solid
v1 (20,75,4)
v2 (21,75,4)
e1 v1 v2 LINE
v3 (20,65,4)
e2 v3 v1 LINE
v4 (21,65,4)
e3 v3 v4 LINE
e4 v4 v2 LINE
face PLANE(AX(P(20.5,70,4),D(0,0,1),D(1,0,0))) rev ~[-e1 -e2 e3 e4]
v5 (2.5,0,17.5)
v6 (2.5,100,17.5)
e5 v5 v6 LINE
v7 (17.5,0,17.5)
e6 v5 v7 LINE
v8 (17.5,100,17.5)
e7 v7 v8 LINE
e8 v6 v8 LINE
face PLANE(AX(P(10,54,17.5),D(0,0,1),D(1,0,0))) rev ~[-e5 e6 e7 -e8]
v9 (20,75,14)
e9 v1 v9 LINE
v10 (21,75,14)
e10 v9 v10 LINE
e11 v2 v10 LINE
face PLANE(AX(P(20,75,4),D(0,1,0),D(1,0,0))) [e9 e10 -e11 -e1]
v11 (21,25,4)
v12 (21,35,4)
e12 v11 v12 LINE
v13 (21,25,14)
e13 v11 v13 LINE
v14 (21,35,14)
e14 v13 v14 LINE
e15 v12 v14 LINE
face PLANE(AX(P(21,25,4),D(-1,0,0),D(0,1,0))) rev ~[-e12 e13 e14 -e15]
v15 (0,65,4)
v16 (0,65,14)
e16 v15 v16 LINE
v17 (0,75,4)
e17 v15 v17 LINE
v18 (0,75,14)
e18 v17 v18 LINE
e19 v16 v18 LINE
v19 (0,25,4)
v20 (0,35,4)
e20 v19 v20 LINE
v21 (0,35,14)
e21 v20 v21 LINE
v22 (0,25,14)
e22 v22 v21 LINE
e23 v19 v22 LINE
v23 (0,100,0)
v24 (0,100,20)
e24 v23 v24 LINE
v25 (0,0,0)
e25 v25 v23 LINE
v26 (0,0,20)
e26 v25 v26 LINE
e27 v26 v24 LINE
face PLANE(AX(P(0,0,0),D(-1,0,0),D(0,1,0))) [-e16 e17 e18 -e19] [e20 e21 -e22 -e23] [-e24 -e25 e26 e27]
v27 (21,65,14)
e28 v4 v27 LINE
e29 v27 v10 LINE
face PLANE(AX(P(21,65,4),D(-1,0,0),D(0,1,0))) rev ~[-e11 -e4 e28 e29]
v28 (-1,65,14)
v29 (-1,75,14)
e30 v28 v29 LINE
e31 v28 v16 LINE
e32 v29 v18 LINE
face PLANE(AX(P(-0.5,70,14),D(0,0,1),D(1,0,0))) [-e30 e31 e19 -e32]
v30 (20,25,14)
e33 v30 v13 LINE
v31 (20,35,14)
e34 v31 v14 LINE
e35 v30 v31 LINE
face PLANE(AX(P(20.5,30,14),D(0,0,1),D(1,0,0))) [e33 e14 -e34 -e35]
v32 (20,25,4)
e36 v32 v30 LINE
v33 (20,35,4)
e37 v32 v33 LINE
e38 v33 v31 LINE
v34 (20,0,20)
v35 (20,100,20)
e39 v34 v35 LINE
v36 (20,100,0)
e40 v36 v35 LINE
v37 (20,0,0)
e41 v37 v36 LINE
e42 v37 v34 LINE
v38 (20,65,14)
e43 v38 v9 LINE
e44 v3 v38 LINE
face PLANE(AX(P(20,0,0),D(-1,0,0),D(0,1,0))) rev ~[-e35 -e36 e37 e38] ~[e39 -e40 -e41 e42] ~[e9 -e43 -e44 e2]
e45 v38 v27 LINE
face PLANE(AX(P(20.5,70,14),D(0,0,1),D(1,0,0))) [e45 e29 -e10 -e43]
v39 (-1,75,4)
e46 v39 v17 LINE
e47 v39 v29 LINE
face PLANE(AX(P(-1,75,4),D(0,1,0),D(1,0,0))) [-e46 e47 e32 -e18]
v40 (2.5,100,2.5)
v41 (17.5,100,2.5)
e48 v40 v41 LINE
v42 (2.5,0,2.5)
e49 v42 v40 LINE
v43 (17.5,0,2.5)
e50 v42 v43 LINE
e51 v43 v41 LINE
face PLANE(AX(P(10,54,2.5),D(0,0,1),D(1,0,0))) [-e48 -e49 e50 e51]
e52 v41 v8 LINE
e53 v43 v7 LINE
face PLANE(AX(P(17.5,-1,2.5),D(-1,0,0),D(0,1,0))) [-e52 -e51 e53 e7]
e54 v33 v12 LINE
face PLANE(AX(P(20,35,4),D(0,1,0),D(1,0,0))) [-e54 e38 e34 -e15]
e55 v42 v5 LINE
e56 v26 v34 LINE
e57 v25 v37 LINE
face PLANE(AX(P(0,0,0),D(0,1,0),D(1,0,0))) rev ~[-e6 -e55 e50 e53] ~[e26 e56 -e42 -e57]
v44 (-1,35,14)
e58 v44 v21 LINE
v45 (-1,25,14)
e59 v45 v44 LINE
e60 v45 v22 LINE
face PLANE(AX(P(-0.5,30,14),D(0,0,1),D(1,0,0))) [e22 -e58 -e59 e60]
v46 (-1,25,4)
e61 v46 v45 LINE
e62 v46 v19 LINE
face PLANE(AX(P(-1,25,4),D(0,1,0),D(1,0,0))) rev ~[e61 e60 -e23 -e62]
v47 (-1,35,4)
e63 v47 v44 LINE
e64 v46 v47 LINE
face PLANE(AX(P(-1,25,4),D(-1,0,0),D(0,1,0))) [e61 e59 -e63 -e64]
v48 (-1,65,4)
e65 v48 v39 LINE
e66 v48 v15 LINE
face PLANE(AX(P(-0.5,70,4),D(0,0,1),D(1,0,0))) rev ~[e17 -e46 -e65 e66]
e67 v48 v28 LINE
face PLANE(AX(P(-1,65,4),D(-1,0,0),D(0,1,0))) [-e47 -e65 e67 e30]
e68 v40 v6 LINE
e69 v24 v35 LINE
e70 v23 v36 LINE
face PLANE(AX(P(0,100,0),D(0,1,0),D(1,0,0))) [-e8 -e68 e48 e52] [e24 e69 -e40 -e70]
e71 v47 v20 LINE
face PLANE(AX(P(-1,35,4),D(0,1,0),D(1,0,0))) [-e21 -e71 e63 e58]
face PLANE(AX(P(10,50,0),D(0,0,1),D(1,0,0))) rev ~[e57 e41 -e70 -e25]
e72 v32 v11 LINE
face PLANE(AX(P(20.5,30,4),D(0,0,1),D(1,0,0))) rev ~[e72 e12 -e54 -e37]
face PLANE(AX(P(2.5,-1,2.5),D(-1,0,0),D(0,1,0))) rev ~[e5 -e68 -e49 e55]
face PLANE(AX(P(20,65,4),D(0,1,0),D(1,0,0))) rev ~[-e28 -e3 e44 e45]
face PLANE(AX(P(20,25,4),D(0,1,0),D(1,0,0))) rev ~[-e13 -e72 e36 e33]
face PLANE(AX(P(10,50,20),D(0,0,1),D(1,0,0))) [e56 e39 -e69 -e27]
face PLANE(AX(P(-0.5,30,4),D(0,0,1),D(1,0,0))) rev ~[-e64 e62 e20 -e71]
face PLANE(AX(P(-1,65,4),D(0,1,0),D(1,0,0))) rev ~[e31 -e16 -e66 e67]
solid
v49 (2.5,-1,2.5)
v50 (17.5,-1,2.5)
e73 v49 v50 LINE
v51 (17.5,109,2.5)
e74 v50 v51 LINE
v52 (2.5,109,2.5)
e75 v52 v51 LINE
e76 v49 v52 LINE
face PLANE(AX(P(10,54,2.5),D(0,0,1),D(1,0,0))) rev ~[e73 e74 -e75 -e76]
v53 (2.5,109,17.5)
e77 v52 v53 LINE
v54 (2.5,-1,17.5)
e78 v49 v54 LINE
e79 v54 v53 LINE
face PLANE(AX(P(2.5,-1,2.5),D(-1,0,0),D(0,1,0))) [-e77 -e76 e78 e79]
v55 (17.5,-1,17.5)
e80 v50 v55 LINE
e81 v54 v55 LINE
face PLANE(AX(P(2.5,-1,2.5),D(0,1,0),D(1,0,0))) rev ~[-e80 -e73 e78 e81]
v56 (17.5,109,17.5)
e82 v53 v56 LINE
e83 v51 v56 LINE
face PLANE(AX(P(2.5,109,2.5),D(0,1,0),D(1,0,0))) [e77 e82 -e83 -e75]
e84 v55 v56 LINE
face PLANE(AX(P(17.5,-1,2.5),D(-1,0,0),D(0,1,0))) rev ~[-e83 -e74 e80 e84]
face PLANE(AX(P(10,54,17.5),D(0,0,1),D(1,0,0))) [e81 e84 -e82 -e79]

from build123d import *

# Parameters (mm, degrees)
BOX002_W     = 1
BOX002_H     = 10
BOX002_DEPTH = 10
BOX003_W     = 1
BOX003_H     = 10
BOX003_DEPTH = 10
BOX004_W     = 1
BOX004_H     = 10
BOX004_DEPTH = 10
BOX005_W     = 1
BOX005_H     = 10
BOX005_DEPTH = 10
BOX001_W     = 15
BOX001_H     = 110
BOX001_DEPTH = 15
BOX_W        = 20
BOX_H        = 100
BOX_DEPTH    = 20
BOX006_W     = 15
BOX006_H     = 110
BOX006_DEPTH = 15


with BuildPart() as cube002:
    # Box002 → Box002 (new body)
    with BuildSketch(Plane(origin=(20, 25, 4), x_dir=(1, 0, 0), z_dir=(0, 0, 1))):
        with Locations((0.5, 5)):
            Rectangle(BOX002_W, BOX002_H)
    extrude(amount=BOX002_DEPTH)


with BuildPart() as cube003:
    # Box003 → Box003 (new body)
    with BuildSketch(Plane(origin=(20, 65, 4), x_dir=(1, 0, 0), z_dir=(0, 0, 1))):
        with Locations((0.5, 5)):
            Rectangle(BOX003_W, BOX003_H)
    extrude(amount=BOX003_DEPTH)


with BuildPart() as cube004:
    # Box004 → Box004 (new body)
    with BuildSketch(Plane(origin=(-1, 65, 4), x_dir=(1, 0, 0), z_dir=(0, 0, 1))):
        with Locations((0.5, 5)):
            Rectangle(BOX004_W, BOX004_H)
    extrude(amount=BOX004_DEPTH)


with BuildPart() as cube005:
    # Box005 → Box005 (new body)
    with BuildSketch(Plane(origin=(-1, 25, 4), x_dir=(1, 0, 0), z_dir=(0, 0, 1))):
        with Locations((0.5, 5)):
            Rectangle(BOX005_W, BOX005_H)
    extrude(amount=BOX005_DEPTH)


with BuildPart() as cube001:
    # Box001 → Box001 (new body)
    with BuildSketch(Plane(origin=(2.5, -1, 2.5), x_dir=(1, 0, 0), z_dir=(0, 0, 1))):
        with Locations((7.5, 55)):
            Rectangle(BOX001_W, BOX001_H)
    extrude(amount=BOX001_DEPTH)


with BuildPart() as fusion:
    # Box → Box (new body)
    with BuildSketch(Plane.XY):
        with Locations((10, 50)):
            Rectangle(BOX_W, BOX_H)
    extrude(amount=BOX_DEPTH)

    # Cut: cut Cube001
    add(cube001.part, mode=Mode.SUBTRACT)

    # Fusion: union Cube002, Cube003, Cube004, Cube005
    add(cube002.part)
    add(cube003.part)
    add(cube004.part)
    add(cube005.part)


with BuildPart() as cube006:
    # Box006 → Box006 (new body)
    with BuildSketch(Plane(origin=(2.5, -1, 2.5), x_dir=(1, 0, 0), z_dir=(0, 0, 1))):
        with Locations((7.5, 55)):
            Rectangle(BOX006_W, BOX006_H)
    extrude(amount=BOX006_DEPTH)


solid = Compound([fusion.part, cube006.part])
